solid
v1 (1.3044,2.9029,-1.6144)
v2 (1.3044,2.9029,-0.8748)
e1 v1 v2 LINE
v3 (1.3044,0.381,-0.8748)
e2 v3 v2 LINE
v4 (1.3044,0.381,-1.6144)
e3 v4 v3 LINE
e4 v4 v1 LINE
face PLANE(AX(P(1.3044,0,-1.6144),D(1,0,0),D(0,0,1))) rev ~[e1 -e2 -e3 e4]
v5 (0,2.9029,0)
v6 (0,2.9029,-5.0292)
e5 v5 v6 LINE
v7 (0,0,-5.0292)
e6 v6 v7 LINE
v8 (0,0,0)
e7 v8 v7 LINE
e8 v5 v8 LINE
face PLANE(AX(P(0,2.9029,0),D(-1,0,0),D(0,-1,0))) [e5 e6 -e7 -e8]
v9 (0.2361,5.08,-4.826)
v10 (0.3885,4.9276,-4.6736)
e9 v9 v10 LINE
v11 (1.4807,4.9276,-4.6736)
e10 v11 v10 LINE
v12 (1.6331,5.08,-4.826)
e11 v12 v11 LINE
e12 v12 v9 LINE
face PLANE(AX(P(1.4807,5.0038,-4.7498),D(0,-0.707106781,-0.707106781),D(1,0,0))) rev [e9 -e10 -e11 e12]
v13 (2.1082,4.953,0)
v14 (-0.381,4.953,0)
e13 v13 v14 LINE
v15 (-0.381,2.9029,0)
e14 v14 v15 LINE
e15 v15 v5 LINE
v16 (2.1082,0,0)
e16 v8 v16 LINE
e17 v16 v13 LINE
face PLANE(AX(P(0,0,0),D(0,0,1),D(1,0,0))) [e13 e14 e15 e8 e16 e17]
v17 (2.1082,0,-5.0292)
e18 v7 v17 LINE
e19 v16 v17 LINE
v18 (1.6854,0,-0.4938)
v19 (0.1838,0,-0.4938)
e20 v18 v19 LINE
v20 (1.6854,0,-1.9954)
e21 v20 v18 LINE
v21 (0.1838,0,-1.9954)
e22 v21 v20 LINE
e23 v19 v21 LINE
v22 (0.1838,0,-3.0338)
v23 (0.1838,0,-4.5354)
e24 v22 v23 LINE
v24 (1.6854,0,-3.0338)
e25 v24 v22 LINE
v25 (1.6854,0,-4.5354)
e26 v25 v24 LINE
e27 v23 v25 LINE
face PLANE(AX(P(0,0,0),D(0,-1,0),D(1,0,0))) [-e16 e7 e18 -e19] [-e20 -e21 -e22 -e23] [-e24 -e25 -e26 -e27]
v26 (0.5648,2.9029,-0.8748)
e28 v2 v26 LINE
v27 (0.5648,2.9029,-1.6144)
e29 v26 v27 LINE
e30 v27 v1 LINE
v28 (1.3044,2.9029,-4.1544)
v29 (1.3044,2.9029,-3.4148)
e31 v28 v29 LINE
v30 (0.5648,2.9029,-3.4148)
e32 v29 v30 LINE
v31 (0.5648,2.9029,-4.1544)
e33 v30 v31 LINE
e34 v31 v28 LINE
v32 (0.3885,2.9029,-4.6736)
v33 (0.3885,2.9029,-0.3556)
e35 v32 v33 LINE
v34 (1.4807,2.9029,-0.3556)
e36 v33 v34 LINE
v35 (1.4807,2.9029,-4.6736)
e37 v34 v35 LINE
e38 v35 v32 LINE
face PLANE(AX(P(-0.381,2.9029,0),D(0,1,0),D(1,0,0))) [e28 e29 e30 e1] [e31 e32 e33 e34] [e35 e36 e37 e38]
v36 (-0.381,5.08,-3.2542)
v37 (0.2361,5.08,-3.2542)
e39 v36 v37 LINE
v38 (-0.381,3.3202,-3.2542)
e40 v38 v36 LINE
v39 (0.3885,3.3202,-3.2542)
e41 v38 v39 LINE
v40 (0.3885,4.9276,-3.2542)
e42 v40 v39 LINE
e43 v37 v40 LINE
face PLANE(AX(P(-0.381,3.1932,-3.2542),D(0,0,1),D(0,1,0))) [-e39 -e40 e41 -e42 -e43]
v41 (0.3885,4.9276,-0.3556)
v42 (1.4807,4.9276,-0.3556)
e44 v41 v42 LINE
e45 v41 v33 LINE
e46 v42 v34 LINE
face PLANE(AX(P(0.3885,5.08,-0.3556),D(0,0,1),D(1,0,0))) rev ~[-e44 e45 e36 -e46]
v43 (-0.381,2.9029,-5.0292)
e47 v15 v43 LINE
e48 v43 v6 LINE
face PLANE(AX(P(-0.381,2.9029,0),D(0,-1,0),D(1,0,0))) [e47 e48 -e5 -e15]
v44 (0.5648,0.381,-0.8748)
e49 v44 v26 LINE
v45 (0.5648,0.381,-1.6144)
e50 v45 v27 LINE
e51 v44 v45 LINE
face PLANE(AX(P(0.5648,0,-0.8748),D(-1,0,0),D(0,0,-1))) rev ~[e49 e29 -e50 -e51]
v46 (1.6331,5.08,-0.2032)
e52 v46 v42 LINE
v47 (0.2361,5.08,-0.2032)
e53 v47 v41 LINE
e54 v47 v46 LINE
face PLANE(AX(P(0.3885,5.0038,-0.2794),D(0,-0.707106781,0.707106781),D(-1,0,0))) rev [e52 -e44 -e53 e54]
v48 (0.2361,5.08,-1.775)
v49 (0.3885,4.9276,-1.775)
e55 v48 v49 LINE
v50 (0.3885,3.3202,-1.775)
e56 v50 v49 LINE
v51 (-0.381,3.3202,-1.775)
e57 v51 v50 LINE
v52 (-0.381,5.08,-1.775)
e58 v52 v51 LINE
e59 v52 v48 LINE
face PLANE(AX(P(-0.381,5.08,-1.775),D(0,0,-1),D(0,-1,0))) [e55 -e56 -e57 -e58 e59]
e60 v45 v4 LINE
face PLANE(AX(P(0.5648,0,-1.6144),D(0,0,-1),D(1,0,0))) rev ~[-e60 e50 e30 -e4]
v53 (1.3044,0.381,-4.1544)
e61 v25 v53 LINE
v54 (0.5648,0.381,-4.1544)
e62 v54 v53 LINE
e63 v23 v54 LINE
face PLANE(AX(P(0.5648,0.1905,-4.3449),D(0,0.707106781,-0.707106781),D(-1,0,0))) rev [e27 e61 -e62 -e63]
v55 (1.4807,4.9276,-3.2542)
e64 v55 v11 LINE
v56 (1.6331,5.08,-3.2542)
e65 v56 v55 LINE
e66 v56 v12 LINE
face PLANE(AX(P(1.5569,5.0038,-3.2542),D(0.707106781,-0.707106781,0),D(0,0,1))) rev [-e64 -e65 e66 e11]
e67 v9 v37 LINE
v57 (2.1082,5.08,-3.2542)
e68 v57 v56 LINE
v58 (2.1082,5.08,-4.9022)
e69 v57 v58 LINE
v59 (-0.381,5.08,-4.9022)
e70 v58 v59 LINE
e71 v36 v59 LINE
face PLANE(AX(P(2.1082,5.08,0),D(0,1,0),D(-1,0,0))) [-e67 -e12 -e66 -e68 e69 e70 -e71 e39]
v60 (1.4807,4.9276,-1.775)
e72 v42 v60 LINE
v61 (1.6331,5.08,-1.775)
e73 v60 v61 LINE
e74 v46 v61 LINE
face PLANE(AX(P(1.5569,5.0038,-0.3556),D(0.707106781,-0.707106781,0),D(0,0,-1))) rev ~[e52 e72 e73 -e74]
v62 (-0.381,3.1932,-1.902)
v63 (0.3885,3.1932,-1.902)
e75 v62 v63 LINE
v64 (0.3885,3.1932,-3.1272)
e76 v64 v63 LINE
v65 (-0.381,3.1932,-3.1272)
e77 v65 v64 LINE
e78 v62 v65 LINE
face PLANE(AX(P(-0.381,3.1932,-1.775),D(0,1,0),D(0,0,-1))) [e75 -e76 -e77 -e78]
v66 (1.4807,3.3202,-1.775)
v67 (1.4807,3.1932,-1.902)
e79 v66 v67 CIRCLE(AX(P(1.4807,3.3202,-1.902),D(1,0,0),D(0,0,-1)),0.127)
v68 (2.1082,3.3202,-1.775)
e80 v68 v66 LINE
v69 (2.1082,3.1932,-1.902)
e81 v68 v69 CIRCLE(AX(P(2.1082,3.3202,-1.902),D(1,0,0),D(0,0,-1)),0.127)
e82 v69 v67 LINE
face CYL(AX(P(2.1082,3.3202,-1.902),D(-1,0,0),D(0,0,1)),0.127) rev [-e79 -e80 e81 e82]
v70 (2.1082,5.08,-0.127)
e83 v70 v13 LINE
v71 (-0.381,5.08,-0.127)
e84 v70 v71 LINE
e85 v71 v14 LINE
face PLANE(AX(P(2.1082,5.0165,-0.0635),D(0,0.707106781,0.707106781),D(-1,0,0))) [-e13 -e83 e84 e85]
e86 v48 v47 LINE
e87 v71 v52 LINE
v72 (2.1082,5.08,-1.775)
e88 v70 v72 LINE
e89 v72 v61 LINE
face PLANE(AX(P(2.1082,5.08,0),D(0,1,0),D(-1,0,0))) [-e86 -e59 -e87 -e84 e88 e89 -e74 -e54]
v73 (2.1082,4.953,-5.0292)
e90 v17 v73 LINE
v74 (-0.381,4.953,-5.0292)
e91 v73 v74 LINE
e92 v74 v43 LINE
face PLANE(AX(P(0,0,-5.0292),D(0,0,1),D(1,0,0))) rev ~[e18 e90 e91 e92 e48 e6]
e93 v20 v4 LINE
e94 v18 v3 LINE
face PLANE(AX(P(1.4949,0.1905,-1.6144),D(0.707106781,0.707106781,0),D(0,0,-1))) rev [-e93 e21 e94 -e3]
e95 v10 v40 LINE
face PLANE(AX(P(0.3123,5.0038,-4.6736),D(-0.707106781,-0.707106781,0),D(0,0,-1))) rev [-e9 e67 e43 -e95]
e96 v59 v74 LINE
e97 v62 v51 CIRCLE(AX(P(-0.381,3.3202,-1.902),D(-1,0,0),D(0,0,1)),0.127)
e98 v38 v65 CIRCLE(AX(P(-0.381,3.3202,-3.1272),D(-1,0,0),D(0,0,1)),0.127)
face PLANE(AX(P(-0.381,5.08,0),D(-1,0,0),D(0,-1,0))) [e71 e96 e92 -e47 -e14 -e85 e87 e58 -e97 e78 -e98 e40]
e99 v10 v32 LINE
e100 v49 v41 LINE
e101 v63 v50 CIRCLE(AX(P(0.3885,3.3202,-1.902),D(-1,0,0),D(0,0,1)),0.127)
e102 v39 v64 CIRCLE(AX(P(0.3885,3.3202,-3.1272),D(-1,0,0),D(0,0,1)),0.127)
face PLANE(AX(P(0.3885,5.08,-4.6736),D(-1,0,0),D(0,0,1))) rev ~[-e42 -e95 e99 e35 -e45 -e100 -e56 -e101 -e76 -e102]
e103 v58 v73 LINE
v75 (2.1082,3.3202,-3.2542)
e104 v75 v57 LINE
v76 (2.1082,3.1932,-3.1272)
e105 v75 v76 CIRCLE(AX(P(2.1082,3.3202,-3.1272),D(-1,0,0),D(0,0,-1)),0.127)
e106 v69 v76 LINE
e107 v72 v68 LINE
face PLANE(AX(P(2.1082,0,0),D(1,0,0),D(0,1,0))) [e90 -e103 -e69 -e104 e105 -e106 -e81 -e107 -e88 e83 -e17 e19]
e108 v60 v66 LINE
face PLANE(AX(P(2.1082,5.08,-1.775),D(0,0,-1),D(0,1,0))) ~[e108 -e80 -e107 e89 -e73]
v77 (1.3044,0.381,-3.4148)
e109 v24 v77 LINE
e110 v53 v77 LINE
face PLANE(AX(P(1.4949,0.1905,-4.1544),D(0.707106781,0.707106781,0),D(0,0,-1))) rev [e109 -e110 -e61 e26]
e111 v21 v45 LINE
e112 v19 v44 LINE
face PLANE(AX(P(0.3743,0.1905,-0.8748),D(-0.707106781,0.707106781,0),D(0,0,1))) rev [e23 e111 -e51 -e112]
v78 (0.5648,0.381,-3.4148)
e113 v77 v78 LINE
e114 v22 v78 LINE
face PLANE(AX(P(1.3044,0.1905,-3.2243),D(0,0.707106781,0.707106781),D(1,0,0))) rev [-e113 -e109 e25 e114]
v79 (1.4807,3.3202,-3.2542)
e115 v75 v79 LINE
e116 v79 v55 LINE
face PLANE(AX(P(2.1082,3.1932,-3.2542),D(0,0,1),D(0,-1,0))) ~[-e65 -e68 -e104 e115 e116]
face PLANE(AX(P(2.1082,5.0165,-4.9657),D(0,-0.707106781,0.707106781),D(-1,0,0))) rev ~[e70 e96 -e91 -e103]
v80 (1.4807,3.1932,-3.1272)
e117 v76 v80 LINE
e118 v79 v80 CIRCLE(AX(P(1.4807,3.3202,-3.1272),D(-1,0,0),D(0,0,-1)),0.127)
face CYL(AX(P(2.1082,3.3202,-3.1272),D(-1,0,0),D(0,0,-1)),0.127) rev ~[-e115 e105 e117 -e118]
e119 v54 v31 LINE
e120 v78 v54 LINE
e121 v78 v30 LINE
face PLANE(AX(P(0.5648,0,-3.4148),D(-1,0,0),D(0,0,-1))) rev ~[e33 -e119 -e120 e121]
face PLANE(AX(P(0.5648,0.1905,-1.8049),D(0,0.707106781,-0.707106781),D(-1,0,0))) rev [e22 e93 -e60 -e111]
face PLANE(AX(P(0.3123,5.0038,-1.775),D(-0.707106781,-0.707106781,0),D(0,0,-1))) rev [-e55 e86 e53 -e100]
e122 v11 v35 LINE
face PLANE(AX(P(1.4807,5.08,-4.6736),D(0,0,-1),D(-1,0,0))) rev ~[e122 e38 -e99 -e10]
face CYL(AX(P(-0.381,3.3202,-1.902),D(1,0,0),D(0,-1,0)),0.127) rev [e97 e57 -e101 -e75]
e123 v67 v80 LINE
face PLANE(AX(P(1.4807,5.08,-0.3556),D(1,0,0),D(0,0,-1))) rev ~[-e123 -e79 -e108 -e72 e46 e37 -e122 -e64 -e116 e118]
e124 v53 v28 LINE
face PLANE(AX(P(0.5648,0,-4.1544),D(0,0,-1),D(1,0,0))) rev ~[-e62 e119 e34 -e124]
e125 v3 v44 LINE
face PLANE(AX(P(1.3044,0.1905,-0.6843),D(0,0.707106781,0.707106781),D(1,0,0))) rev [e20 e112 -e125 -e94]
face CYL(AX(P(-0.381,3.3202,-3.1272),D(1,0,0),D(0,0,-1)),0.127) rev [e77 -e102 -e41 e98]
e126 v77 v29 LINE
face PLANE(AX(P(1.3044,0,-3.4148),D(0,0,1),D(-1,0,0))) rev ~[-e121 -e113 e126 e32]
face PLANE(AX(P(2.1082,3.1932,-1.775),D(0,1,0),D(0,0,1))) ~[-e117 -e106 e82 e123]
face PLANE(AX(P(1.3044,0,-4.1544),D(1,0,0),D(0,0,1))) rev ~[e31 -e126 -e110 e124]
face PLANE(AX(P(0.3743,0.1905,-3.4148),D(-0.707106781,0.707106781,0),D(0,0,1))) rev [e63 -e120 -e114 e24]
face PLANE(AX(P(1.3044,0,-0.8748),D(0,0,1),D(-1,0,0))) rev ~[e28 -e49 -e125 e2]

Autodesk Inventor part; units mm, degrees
ref_plane "YZ Plane" through (0, 0, 0) normal (1, 0, 0) x (0, 1, 0)
ref_plane "XZ Plane" through (0, 0, 0) normal (0, 1, 0) x (-1, 0, 0)
sketch "Sketch1" plane through (0, 0, 0) normal (0, 0, 1) x (1, 0, 0)
  line L0 (0, 0) -> (2.1082, 0)
  line L1 (2.1082, 0) -> (2.1082, 5.08)
  line L2 (2.1082, 5.08) -> (-0.381, 5.08)
  line L3 (-0.381, 5.08) -> (-0.381, 2.9029)
  line L4 (-0.381, 2.9029) -> (0, 2.9029)
  line L5 (0, 2.9029) -> (0, 0)
  dimension "d0" = 5.08
  dimension "d1" = 2.4892
  dimension "d2" = 2.1082
  dimension "d3" = 2.1771
extrude "Extrusion1" add sketch "Sketch1" against normal blind 5.0292
sketch "Sketch2" plane through (0, 0, 0) normal (0, -1, 0) x (1, 0, 0)
  line L0 (0, -5.0292) -> (2.1082, -5.0292) projected
  line L1 (2.1082, 0) -> (2.1082, -5.0292) projected
  line L2 (0, 0) -> (2.1082, 0) projected
  line L3 (1.6742, -4.5242) -> (0.195, -4.5242)
  line L4 (0.195, -4.5242) -> (0.195, -3.045)
  line L5 (0.195, -3.045) -> (1.6742, -3.045)
  line L6 (1.6742, -3.045) -> (1.6742, -4.5242)
  line L7 (1.6742, -1.9842) -> (0.195, -1.9842)
  line L8 (0.195, -1.9842) -> (0.195, -0.505)
  line L9 (0.195, -0.505) -> (1.6742, -0.505)
  line L10 (1.6742, -0.505) -> (1.6742, -1.9842)
  line L11 (1.6742, -3.7846) -> (0.195, -3.7846) construction
  line L12 (0.195, -1.2446) -> (1.6742, -1.2446) construction
  line L13 (0.9346, -4.5242) -> (0.9346, -3.045) construction
  line L14 (0.5648, -3.4148) -> (0.5648, -4.1544)
  line L15 (0.5648, -4.1544) -> (1.3044, -4.1544)
  line L16 (1.3044, -4.1544) -> (1.3044, -3.4148)
  line L17 (1.3044, -3.4148) -> (0.5648, -3.4148)
  line L18 (0.5648, -0.8748) -> (0.5648, -1.6144)
  line L19 (0.5648, -1.6144) -> (1.3044, -1.6144)
  line L20 (1.3044, -1.6144) -> (1.3044, -0.8748)
  line L21 (1.3044, -0.8748) -> (0.5648, -0.8748)
  dimension "d6" = 1.4792
  dimension "d7" = 1.4792
  dimension "d8" = 1.2446
  dimension "d9" = 1.2446
  dimension "d10" = 1.4792
  dimension "d11" = 0.434
  dimension "d12" = 0.7396
  dimension "d13" = 0.7396
extrude "Extrusion2" cut sketch "Sketch2" against normal through all contours L17 L16 L15 L14 | L21 L20 L19 L18
chamfer "Chamfer1" distance 0.381 angle 45 8 edges at (0.5648, 0, -3.7846) (0.9346, 0, -3.4148) (1.3044, 0, -3.7846) (0.9346, 0, -4.1544) (0.9346, 0, -1.6144) (0.5648, 0, -1.2446) (0.9346, 0, -0.8748) (1.3044, 0, -1.2446)
sketch "Sketch3" plane through (-0.381, 5.08, 0) normal (0, 1, 0) x (1, 0, 0)
  line L0 (0.9458, 1.6144) -> (1.6854, 1.6144) projected
  line L1 (1.6854, 1.6144) -> (1.6854, 0.8748) projected
  line L2 (1.6854, 0.8748) -> (0.9458, 0.8748) projected
  line L3 (0.9458, 0.8748) -> (0.9458, 1.6144) projected
  line L4 (0.9458, 4.1544) -> (1.6854, 4.1544) projected
  line L5 (1.6854, 4.1544) -> (1.6854, 3.4148) projected
  line L6 (1.6854, 3.4148) -> (0.9458, 3.4148) projected
  line L7 (0.9458, 3.4148) -> (0.9458, 4.1544) projected
  line L8 (0, 0) -> (0, 5.0292) projected
  line L9 (2.4892, 0) -> (0, 0) projected
  line L10 (2.4892, 0) -> (2.4892, 5.0292) projected
  line L11 (1.8617, 0.3556) -> (1.8617, 4.6736)
  line L12 (1.8617, 4.6736) -> (0.7695, 4.6736)
  line L13 (0.7695, 4.6736) -> (0.7695, 0.3556)
  line L14 (0.7695, 0.3556) -> (1.8617, 0.3556)
  point P0 (0.381, 0)
  point P1 (0.7695, 2.5146)
  point P2 (0, 2.5146)
  point P3 (1.3156, 0.3556)
  point P4 (1.2446, 0)
  point P5 (1.3156, 0.8748)
  point P6 (0, 2.5146)
  dimension "d32" = 4.318
  dimension "d33" = 1.0922
extrude "Extrusion3" cut sketch "Sketch3" against normal up to surface (2.1771 mm away)
sketch "Sketch4" plane through (-0.381, 2.9029, 0) normal (-1, 0, 0) x (0, 0, 1)
  line L0 (0, 2.1771) -> (-5.0292, 2.1771) projected
  line L1 (-3.2542, 2.1771) -> (-1.775, 2.1771)
  line L2 (-1.775, 2.1771) -> (-1.775, 0.2903)
  line L3 (-1.775, 0.2903) -> (-3.2542, 0.2903)
  line L4 (-3.2542, 0.2903) -> (-3.2542, 2.1771)
  point P0 (0, -2.9029)
  point P1 (-2.5146, 0.2903)
  point P2 (-2.5146, 2.1771)
  dimension "d24" = 1.4792
  dimension "d25" = 1.8869
extrude "Extrusion4" cut sketch "Sketch4" against normal up to next
fillet "Fillet1" radius 0.127 2 edges at (0.0037, 3.1931, -1.775) (0.0037, 3.1931, -3.2542)
chamfer "Chamfer2" distance 0.127 angle 45 2 edges at (0.8636, 5.08, -5.0292) (0.8636, 5.08, 0)
ref_plane "Work Plane1" through (0.8636, 2.9029, -5.0292) normal (-1, 0, 0) x (0, 0, 1)
mirror "Mirror1" about plane through (0.8636, 2.9029, -5.0292) normal (-1, 0, 0) of "Extrusion4", "Fillet1"
chamfer "Chamfer3" distance 0.1524 angle 45 6 edges at (0.9346, 5.08, -0.3556) (0.3885, 5.08, -1.0653) (0.3885, 5.08, -3.9639) (0.9346, 5.08, -4.6736) (1.4807, 5.08, -3.9639) (1.4807, 5.08, -1.0653)
equation "\"d7\" = d6"
equation "\"d9\" = d8"
equation "\"d10\" = d6"
equation "\"d13\" = d12"
properties part number "68786-102LF"
